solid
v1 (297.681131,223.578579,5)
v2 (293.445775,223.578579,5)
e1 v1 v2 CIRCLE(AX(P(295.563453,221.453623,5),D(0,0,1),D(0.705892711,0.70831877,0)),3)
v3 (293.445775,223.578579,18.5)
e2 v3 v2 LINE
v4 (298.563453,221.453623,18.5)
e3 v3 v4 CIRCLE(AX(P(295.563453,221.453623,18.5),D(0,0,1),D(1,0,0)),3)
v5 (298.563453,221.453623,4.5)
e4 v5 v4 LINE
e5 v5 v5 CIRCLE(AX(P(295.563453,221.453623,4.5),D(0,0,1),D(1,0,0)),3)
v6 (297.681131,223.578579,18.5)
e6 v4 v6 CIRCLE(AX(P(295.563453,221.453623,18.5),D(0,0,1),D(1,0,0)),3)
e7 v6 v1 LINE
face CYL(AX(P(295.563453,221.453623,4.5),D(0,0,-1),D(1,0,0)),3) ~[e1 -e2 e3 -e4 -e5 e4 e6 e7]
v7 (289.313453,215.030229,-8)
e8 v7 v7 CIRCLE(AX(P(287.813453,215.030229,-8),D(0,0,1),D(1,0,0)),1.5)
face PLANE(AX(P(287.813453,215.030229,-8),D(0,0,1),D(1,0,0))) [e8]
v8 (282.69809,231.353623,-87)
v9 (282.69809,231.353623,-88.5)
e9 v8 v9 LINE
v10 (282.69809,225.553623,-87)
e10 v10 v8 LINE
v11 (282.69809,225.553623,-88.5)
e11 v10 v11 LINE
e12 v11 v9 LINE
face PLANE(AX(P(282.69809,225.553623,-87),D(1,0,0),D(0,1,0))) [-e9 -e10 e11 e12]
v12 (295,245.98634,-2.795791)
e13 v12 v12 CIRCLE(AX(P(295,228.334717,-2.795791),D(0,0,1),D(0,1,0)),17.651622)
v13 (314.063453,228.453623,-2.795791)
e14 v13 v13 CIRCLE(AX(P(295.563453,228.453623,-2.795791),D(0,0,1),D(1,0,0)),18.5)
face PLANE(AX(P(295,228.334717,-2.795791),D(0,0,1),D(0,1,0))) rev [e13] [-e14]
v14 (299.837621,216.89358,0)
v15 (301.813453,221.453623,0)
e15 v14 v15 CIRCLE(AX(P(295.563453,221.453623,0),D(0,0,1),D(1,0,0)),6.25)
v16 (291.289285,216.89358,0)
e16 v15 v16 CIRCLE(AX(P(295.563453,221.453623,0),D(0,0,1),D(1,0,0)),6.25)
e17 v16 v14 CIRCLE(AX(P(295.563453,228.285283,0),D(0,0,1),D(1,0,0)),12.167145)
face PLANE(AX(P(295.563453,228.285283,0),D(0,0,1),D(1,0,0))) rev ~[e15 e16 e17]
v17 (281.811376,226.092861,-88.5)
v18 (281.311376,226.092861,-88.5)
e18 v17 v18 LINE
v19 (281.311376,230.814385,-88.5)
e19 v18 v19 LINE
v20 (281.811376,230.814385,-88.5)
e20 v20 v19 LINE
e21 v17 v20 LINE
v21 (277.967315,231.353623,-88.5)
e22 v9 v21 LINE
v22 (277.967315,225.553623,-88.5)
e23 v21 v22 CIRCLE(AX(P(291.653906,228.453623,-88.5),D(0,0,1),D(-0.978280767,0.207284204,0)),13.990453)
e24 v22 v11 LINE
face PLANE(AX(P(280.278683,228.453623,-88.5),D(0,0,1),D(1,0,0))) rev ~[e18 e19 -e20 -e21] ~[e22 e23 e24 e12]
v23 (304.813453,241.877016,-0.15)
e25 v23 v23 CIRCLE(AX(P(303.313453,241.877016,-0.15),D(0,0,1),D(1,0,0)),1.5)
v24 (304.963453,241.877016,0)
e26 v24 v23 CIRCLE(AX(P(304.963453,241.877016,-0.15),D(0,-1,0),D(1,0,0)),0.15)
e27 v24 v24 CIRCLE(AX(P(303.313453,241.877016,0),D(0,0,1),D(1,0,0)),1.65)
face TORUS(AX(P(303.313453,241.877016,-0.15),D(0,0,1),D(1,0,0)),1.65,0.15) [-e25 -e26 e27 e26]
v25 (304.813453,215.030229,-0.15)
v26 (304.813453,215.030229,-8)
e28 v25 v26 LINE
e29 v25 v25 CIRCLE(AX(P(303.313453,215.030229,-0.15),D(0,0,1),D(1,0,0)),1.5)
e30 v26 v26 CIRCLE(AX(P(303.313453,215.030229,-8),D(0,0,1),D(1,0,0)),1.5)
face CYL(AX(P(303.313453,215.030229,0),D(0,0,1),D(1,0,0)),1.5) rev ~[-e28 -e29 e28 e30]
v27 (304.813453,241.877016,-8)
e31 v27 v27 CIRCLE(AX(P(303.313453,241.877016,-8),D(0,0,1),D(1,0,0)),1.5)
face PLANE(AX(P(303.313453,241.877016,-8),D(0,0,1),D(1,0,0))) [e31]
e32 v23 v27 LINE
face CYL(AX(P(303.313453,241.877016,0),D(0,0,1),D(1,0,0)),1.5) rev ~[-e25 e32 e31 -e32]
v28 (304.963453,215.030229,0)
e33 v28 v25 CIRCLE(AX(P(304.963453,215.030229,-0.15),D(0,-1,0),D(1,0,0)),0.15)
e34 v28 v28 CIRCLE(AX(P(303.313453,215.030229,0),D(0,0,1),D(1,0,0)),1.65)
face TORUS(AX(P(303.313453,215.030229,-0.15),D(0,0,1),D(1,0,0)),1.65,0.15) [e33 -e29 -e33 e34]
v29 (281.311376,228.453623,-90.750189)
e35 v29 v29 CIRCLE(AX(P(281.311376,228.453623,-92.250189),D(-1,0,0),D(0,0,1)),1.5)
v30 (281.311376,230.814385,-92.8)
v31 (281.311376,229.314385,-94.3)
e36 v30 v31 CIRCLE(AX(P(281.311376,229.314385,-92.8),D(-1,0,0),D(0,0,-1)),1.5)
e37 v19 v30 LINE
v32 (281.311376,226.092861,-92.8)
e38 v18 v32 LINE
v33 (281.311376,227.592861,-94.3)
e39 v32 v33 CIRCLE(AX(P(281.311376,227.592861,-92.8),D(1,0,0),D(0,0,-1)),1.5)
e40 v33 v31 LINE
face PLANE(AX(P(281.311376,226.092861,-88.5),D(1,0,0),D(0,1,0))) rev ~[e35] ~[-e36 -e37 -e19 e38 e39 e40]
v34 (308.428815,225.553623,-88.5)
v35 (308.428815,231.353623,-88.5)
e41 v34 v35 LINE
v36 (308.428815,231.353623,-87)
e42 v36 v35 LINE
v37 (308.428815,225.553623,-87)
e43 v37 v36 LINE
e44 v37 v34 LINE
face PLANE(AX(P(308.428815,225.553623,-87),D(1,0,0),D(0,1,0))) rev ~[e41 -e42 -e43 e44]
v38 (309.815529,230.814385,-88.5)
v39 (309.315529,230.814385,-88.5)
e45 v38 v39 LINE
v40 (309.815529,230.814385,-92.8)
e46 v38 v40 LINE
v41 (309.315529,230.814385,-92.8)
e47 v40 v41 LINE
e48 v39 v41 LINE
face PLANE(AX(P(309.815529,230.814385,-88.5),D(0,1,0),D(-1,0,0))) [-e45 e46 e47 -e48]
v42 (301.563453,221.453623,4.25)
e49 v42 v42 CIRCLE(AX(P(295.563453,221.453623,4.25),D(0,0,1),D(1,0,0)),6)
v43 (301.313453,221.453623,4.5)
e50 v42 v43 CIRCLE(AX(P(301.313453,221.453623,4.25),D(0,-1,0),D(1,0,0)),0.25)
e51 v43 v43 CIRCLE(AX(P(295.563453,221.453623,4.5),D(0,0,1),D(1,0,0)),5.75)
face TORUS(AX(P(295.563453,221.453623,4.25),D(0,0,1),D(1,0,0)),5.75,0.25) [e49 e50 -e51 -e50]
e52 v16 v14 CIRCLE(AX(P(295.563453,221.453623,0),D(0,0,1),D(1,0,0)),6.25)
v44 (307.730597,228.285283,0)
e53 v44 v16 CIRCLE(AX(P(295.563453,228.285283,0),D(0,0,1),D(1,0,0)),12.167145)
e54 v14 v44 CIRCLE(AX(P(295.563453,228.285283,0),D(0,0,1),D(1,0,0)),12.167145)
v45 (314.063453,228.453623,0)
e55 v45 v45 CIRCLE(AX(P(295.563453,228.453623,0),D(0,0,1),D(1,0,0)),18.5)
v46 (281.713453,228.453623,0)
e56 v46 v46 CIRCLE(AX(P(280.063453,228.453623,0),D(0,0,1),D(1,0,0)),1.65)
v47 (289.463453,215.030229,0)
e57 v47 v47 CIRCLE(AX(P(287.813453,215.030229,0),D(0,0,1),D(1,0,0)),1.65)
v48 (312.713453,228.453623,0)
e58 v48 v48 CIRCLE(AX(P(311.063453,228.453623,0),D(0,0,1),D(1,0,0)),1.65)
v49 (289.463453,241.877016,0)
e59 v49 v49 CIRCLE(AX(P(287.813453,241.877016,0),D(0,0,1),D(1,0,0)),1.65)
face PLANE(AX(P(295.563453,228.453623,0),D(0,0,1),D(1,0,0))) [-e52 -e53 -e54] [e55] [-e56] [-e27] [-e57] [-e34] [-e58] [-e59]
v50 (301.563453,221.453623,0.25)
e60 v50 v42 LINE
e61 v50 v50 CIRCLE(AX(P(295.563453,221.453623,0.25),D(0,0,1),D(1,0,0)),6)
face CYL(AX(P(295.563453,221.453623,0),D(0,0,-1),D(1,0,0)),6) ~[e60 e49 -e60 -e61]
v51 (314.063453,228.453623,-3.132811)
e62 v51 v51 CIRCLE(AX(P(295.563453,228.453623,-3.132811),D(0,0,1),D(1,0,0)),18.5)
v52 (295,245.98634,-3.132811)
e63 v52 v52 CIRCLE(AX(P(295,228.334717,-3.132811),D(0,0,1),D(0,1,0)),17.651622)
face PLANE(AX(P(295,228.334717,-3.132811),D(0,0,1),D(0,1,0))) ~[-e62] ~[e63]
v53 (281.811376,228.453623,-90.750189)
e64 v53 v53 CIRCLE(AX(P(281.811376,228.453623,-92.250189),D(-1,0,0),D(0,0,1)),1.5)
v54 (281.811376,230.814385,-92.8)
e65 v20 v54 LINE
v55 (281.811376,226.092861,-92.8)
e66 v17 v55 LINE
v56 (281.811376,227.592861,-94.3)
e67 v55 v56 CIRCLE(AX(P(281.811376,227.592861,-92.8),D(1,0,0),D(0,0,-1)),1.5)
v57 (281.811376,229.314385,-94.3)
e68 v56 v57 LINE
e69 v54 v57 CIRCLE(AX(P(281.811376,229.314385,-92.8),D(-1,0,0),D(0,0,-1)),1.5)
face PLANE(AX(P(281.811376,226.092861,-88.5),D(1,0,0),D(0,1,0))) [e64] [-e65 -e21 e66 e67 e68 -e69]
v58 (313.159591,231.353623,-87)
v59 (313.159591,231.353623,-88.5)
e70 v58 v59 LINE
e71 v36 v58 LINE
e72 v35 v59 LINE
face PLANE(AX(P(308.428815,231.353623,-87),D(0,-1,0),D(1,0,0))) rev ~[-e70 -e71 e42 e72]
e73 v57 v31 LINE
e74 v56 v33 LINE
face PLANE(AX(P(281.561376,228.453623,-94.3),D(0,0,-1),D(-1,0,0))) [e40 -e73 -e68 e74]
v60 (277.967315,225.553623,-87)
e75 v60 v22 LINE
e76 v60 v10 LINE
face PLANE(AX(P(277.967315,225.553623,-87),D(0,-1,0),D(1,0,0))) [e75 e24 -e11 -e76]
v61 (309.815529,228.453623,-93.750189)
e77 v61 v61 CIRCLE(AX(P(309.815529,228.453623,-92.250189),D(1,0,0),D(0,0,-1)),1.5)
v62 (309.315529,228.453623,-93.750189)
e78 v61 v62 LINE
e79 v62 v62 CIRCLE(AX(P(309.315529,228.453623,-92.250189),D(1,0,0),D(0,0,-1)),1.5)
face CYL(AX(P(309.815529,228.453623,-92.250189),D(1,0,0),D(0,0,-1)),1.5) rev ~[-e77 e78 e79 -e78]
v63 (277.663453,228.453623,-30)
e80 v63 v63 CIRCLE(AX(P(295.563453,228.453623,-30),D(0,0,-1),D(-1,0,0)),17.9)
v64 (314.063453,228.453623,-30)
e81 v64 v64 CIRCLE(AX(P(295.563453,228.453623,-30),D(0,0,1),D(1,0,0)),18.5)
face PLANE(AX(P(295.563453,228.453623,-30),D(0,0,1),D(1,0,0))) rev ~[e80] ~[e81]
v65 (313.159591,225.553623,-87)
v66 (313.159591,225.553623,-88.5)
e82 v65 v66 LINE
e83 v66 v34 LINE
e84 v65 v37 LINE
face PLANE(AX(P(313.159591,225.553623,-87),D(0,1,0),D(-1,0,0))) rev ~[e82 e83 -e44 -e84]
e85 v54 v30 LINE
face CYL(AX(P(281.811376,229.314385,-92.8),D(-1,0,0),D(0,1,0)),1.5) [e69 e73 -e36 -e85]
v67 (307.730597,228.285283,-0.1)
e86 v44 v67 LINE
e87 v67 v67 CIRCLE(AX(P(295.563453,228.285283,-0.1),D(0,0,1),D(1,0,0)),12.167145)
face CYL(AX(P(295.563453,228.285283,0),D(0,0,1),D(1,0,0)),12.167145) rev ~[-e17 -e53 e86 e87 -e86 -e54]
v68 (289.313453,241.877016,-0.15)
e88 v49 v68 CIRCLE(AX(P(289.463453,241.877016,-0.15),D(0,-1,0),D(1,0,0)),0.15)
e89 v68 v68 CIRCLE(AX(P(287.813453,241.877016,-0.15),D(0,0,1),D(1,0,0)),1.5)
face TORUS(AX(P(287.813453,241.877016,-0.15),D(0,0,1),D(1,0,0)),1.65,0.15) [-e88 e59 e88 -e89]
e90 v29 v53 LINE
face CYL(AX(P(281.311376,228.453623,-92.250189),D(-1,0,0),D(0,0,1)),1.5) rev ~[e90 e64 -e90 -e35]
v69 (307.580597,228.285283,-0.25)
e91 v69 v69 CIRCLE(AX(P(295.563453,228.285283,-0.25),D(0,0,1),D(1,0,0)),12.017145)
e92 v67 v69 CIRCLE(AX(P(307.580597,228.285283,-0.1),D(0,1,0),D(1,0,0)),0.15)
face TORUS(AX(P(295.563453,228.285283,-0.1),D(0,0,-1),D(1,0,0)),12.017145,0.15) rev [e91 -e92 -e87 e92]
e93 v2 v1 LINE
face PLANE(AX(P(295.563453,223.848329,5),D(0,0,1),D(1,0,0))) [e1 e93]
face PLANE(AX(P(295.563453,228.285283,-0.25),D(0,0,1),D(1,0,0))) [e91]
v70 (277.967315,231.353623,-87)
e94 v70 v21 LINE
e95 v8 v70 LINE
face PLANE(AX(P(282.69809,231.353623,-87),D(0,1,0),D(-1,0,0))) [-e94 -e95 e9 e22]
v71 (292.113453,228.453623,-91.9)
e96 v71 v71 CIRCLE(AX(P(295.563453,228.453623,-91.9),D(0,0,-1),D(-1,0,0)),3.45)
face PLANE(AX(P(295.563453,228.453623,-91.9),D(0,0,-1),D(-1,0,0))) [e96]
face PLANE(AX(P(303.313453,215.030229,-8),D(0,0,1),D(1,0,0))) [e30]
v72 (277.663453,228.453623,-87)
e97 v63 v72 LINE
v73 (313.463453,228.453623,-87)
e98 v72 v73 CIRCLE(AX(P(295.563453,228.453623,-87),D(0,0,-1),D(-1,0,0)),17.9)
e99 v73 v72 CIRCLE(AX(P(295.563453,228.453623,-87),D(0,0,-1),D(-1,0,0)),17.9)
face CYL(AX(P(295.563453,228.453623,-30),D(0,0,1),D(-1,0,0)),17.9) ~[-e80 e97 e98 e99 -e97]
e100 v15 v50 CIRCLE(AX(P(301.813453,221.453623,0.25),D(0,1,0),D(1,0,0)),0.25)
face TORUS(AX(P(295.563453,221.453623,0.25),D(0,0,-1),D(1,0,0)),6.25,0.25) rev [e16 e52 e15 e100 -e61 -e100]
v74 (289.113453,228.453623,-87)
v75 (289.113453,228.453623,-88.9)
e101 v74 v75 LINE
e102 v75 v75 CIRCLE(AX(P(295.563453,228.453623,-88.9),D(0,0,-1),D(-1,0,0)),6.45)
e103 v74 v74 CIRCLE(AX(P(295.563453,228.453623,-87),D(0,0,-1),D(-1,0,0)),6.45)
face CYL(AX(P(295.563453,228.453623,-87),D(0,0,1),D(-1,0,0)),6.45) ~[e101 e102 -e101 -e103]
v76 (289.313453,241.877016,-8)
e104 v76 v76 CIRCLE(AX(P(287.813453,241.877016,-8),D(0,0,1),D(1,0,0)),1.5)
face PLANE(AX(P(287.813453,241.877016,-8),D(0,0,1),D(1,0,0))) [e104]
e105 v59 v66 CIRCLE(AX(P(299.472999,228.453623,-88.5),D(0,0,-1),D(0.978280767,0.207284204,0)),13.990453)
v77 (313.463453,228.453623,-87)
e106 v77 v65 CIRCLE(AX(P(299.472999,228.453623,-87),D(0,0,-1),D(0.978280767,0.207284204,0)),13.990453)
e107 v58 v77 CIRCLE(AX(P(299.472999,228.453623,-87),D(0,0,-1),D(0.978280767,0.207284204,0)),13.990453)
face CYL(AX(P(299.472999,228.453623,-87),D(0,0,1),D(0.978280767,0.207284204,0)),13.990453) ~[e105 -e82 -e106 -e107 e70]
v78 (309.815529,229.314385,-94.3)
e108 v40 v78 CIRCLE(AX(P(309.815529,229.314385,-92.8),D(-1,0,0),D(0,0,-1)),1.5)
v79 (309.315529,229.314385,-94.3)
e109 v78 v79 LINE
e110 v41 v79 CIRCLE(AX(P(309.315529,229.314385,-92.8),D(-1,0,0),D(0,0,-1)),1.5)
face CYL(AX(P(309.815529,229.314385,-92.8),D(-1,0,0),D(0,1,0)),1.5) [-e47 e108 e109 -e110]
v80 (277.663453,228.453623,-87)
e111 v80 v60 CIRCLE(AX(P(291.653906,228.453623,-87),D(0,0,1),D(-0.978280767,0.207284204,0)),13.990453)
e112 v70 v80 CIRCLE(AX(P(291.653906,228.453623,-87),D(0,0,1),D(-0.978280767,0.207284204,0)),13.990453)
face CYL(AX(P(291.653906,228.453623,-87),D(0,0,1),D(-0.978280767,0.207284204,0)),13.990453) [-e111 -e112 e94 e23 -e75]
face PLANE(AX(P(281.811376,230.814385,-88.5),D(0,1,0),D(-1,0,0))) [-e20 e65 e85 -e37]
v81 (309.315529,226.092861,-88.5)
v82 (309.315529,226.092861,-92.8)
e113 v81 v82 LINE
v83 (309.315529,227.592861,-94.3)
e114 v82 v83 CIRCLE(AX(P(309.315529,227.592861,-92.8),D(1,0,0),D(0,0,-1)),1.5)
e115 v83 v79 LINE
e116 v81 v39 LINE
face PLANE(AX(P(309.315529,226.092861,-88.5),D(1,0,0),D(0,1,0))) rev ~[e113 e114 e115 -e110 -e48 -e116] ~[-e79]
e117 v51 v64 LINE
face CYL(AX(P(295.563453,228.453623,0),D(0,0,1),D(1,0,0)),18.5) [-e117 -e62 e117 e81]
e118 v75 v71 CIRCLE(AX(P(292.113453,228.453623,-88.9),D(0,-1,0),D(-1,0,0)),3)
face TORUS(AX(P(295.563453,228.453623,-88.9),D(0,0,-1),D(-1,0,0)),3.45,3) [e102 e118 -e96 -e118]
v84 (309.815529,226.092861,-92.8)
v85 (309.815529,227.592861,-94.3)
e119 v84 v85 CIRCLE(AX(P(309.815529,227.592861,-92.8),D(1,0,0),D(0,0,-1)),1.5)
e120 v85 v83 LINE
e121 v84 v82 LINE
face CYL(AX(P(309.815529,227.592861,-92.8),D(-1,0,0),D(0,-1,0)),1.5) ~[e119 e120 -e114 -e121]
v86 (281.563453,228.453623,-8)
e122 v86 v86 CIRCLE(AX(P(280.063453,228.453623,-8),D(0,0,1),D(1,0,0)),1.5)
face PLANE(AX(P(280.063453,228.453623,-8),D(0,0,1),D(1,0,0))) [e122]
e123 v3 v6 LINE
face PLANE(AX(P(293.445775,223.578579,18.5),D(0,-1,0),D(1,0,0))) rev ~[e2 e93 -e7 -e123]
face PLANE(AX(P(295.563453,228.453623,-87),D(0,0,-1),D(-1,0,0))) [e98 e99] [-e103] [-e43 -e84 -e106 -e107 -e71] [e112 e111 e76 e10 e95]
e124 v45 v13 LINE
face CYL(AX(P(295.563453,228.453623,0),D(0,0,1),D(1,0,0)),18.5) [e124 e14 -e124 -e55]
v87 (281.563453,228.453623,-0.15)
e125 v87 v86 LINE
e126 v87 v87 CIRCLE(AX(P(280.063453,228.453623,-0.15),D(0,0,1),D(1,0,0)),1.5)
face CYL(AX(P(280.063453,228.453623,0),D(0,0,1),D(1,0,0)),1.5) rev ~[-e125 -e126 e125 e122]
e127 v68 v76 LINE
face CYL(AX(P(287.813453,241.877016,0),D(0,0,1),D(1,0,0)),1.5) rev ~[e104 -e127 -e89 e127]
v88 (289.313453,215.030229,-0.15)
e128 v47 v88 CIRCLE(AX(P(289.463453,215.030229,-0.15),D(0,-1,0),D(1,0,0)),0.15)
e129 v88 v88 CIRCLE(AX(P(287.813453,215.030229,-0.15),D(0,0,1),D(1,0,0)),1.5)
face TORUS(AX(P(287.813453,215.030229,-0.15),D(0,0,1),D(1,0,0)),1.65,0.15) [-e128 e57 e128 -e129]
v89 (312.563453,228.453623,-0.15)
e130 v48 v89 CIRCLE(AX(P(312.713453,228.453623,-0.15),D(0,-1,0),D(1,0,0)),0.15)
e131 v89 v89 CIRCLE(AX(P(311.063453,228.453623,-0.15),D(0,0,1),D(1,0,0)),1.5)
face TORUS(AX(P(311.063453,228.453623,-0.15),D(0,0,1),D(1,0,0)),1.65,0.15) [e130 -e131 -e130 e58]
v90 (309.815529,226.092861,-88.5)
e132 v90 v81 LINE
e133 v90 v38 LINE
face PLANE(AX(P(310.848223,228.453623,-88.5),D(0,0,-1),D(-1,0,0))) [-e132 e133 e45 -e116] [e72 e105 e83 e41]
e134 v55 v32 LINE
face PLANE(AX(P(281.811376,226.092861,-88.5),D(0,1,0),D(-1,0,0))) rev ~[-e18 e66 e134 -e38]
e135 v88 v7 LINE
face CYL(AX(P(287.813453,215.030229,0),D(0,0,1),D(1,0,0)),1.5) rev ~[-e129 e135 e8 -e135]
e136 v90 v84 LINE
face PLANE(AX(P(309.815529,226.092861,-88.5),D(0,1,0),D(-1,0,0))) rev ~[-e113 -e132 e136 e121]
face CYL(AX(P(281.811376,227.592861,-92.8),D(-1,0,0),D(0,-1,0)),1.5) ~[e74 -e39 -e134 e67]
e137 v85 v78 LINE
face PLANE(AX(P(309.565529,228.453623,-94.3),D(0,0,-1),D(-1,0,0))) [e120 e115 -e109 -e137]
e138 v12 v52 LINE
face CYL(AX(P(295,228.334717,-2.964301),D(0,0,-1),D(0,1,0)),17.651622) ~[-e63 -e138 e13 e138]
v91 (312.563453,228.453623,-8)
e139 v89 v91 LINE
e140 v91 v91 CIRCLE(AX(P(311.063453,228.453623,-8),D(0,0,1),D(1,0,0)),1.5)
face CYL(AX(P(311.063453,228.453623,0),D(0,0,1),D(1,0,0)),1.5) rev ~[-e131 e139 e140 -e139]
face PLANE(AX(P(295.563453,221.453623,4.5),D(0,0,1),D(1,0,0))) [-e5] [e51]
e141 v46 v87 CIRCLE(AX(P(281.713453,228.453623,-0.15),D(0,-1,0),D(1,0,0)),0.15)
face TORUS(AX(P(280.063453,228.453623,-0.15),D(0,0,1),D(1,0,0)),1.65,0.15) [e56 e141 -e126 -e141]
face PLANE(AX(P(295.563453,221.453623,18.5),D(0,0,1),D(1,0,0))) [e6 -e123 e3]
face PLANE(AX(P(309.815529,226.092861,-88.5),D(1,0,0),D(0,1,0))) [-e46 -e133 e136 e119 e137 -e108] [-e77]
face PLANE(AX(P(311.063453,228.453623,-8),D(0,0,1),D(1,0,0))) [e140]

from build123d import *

# Parameters (mm, degrees)
ESQUISSE1_R             = 18.5
BOSS_EXTRU_1_DEPTH      = 30
ESQUISSE2_R             = 1.5
ENL_V_MAT_EXTRU_1_DEPTH = 8
ESQUISSE3_R             = 6
BOSS_EXTRU_2_DEPTH      = 4.5
ESQUISSE4_R             = 3
BOSS_EXTRU_3_DEPTH      = 14
CONG_1_R                = 0.25
ENL_V_START             = -13.5
ENL_V_MAT_EXTRU_2_DEPTH = 13.5
ESQUISSE6_R             = 12.1671446
ENL_V_MAT_EXTRU_3_DEPTH = 0.25
CONG_2_R                = 0.15
CONG_3_R                = 0.15
ESQUISSE7_R             = 17.9
BOSS_EXTRU_4_DEPTH      = 57
ESQUISSE8_R             = 6.45
BOSS_EXTRU_5_DEPTH      = 4.9
CONG_4_R                = 3
BOSS_EXTRU_6_DEPTH      = 1.5
ESQUISSE10_W            = 0.5
ESQUISSE10_H            = 4.721524129
BOSS_EXTRU_7_DEPTH      = 5.8
CONG_5_R                = 1.5
ESQUISSE11_R            = 1.5
ENL_V_MAT_EXTRU_4_DEPTH = 5.8
ENL_V_START_2           = -5.8
ESQUISSE12_R            = 1.5
ENL_V_MAT_EXTRU_5_DEPTH = 5.8
ESQUISSE13_W            = 0.337019912
ESQUISSE13_H            = 1.870001597


with BuildPart() as part:
    # Esquisse1 → Boss.-Extru.1 (new body)
    with BuildSketch(Plane.XY):
        with Locations((295.563452686, 228.453622661)):
            Circle(ESQUISSE1_R)
    extrude(amount=-BOSS_EXTRU_1_DEPTH)

    # Esquisse2 → Enlèv. mat.-Extru.1 (cut)
    with BuildSketch(Plane.XY):
        with Locations((280.063452686, 228.453622661)):
            Circle(ESQUISSE2_R)
        with Locations((287.813452686, 241.877016419)):
            Circle(ESQUISSE2_R)
        with Locations((303.313452686, 241.877016419)):
            Circle(ESQUISSE2_R)
        with Locations((311.063452686, 228.453622661)):
            Circle(ESQUISSE2_R)
        with Locations((303.313452686, 215.030228902)):
            Circle(ESQUISSE2_R)
        with Locations((287.813452686, 215.030228902)):
            Circle(ESQUISSE2_R)
    extrude(amount=-ENL_V_MAT_EXTRU_1_DEPTH, mode=Mode.SUBTRACT)

    # Esquisse3 → Boss.-Extru.2 (add)
    with BuildSketch(Plane.XY):
        with Locations((295.563452686, 221.453622661)):
            Circle(ESQUISSE3_R)
    extrude(amount=BOSS_EXTRU_2_DEPTH)

    # Esquisse4 → Boss.-Extru.3 (add)
    with BuildSketch(Plane.XY.offset(4.5)):
        with Locations((295.563452686, 221.453622661)):
            Circle(ESQUISSE4_R)
    extrude(amount=BOSS_EXTRU_3_DEPTH)

    # Congé1
    cong_1_edges = [part.edges().sort_by_distance(p)[0] for p in [
        (289.563452686, 221.453622661, 0),
        (289.563452686, 221.453622661, 4.5),
    ]]
    fillet(cong_1_edges, radius=CONG_1_R)

    # Esquisse5 → Enlèv. mat.-Extru.2 (cut)
    with BuildSketch(Plane.XY.offset(18.5).offset(ENL_V_START)):
        with BuildLine():
            Line((293.445774555, 223.578578973), (297.681130818, 223.578578973))
            ThreePointArc((297.681130818, 223.578578973), (295.563452686, 224.453622661), (293.445774555, 223.578578973))
        make_face()
    extrude(amount=ENL_V_MAT_EXTRU_2_DEPTH, mode=Mode.SUBTRACT)

    # Esquisse6 → Enlèv. mat.-Extru.3 (cut)
    with BuildSketch(Plane.XY):
        with Locations((295.563452686, 228.285283082)):
            Circle(ESQUISSE6_R)
    extrude(amount=-ENL_V_MAT_EXTRU_3_DEPTH, mode=Mode.SUBTRACT)

    # Congé2
    cong_2_edges = [part.edges().sort_by_distance(p)[0] for p in [
        (283.396308087, 228.285283082, -0.25),
    ]]
    fillet(cong_2_edges, radius=CONG_2_R)

    # Congé3
    cong_3_edges = [part.edges().sort_by_distance(p)[0] for p in [
        (278.563452686, 228.453622661, 0),
        (286.313452686, 215.030228902, 0),
        (301.813452686, 215.030228902, 0),
        (309.563452686, 228.453622661, 0),
        (286.313452686, 241.877016419, 0),
        (301.813452686, 241.877016419, 0),
    ]]
    fillet(cong_3_edges, radius=CONG_3_R)

    # Esquisse7 → Boss.-Extru.4 (add)
    with BuildSketch(Plane(origin=(0, 0, -30), x_dir=(-1, 0, 0), z_dir=(0, 0, -1))):
        with Locations((-295.563452686, 228.453622661)):
            Circle(ESQUISSE7_R)
    extrude(amount=BOSS_EXTRU_4_DEPTH)

    # Esquisse8 → Boss.-Extru.5 (add)
    with BuildSketch(Plane(origin=(0, 0, -87), x_dir=(-1, 0, 0), z_dir=(0, 0, -1))):
        with Locations((-295.563452686, 228.453622661)):
            Circle(ESQUISSE8_R)
    extrude(amount=BOSS_EXTRU_5_DEPTH)

    # Congé4
    cong_4_edges = [part.edges().sort_by_distance(p)[0] for p in [
        (302.013452686, 228.453622661, -91.9),
    ]]
    fillet(cong_4_edges, radius=CONG_4_R)

    # Esquisse9 → Boss.-Extru.6 (add)
    with BuildSketch(Plane(origin=(0, 0, -87), x_dir=(-1, 0, 0), z_dir=(0, 0, -1))):
        with BuildLine():
            Line((-282.698090425, 225.553622661), (-282.698090425, 231.353622661))
            Line((-282.698090425, 231.353622661), (-277.967314606, 231.353622661))
            ThreePointArc((-277.967314606, 231.353622661), (-277.663452686, 228.453622661), (-277.967314606, 225.553622661))
            Line((-277.967314606, 225.553622661), (-282.698090425, 225.553622661))
        make_face()
        with BuildLine():
            Line((-308.428814947, 225.553622661), (-308.428814947, 231.353622661))
            Line((-308.428814947, 231.353622661), (-313.159590766, 231.353622661))
            ThreePointArc((-313.159590766, 231.353622661), (-313.463452686, 228.453622661), (-313.159590766, 225.553622661))
            Line((-313.159590766, 225.553622661), (-308.428814947, 225.553622661))
        make_face()
    extrude(amount=BOSS_EXTRU_6_DEPTH)

    # Esquisse10 → Boss.-Extru.7 (add)
    with BuildSketch(Plane(origin=(0, 0, -88.5), x_dir=(-1, 0, 0), z_dir=(0, 0, -1))):
        with Locations((-309.565529022, 228.453622661)):
            Rectangle(ESQUISSE10_W, ESQUISSE10_H)
        with Locations((-281.56137635, 228.453622661)):
            Rectangle(ESQUISSE10_W, ESQUISSE10_H)
    extrude(amount=BOSS_EXTRU_7_DEPTH)

    # Congé5
    cong_5_edges = [part.edges().sort_by_distance(p)[0] for p in [
        (309.565529022, 230.814384725, -94.3),
        (281.56137635, 230.814384725, -94.3),
        (281.56137635, 226.092860596, -94.3),
        (309.565529022, 226.092860596, -94.3),
    ]]
    fillet(cong_5_edges, radius=CONG_5_R)

    # Esquisse11 → Enlèv. mat.-Extru.4 (cut)
    with BuildSketch(Plane(origin=(309.815529022, 0, 0), x_dir=(0, 0, -1), z_dir=(1, 0, 0))):
        with Locations((92.250189273, 228.453622661)):
            Circle(ESQUISSE11_R)
    extrude(amount=-ENL_V_MAT_EXTRU_4_DEPTH, mode=Mode.SUBTRACT)

    # Esquisse12 → Enlèv. mat.-Extru.5 (cut)
    with BuildSketch(Plane.ZY.offset(-281.31137635).offset(ENL_V_START_2)):
        with Locations((-92.250189273, 228.453622661)):
            Circle(ESQUISSE12_R)
    extrude(amount=ENL_V_MAT_EXTRU_5_DEPTH, mode=Mode.SUBTRACT)

    # Esquisse13 → Enlèvement de matière-Révolution2 (revolve, cut)
    with BuildSketch(Plane(origin=(295, 0, 0), x_dir=(0, 0, -1), z_dir=(1, 0, 0))):
        with Locations((2.964301217, 246.921340357)):
            Rectangle(ESQUISSE13_W, ESQUISSE13_H)
    revolve(axis=Axis((295, 228.33471706, -30), (0, 0, 1)), mode=Mode.SUBTRACT)


solid = part.part
